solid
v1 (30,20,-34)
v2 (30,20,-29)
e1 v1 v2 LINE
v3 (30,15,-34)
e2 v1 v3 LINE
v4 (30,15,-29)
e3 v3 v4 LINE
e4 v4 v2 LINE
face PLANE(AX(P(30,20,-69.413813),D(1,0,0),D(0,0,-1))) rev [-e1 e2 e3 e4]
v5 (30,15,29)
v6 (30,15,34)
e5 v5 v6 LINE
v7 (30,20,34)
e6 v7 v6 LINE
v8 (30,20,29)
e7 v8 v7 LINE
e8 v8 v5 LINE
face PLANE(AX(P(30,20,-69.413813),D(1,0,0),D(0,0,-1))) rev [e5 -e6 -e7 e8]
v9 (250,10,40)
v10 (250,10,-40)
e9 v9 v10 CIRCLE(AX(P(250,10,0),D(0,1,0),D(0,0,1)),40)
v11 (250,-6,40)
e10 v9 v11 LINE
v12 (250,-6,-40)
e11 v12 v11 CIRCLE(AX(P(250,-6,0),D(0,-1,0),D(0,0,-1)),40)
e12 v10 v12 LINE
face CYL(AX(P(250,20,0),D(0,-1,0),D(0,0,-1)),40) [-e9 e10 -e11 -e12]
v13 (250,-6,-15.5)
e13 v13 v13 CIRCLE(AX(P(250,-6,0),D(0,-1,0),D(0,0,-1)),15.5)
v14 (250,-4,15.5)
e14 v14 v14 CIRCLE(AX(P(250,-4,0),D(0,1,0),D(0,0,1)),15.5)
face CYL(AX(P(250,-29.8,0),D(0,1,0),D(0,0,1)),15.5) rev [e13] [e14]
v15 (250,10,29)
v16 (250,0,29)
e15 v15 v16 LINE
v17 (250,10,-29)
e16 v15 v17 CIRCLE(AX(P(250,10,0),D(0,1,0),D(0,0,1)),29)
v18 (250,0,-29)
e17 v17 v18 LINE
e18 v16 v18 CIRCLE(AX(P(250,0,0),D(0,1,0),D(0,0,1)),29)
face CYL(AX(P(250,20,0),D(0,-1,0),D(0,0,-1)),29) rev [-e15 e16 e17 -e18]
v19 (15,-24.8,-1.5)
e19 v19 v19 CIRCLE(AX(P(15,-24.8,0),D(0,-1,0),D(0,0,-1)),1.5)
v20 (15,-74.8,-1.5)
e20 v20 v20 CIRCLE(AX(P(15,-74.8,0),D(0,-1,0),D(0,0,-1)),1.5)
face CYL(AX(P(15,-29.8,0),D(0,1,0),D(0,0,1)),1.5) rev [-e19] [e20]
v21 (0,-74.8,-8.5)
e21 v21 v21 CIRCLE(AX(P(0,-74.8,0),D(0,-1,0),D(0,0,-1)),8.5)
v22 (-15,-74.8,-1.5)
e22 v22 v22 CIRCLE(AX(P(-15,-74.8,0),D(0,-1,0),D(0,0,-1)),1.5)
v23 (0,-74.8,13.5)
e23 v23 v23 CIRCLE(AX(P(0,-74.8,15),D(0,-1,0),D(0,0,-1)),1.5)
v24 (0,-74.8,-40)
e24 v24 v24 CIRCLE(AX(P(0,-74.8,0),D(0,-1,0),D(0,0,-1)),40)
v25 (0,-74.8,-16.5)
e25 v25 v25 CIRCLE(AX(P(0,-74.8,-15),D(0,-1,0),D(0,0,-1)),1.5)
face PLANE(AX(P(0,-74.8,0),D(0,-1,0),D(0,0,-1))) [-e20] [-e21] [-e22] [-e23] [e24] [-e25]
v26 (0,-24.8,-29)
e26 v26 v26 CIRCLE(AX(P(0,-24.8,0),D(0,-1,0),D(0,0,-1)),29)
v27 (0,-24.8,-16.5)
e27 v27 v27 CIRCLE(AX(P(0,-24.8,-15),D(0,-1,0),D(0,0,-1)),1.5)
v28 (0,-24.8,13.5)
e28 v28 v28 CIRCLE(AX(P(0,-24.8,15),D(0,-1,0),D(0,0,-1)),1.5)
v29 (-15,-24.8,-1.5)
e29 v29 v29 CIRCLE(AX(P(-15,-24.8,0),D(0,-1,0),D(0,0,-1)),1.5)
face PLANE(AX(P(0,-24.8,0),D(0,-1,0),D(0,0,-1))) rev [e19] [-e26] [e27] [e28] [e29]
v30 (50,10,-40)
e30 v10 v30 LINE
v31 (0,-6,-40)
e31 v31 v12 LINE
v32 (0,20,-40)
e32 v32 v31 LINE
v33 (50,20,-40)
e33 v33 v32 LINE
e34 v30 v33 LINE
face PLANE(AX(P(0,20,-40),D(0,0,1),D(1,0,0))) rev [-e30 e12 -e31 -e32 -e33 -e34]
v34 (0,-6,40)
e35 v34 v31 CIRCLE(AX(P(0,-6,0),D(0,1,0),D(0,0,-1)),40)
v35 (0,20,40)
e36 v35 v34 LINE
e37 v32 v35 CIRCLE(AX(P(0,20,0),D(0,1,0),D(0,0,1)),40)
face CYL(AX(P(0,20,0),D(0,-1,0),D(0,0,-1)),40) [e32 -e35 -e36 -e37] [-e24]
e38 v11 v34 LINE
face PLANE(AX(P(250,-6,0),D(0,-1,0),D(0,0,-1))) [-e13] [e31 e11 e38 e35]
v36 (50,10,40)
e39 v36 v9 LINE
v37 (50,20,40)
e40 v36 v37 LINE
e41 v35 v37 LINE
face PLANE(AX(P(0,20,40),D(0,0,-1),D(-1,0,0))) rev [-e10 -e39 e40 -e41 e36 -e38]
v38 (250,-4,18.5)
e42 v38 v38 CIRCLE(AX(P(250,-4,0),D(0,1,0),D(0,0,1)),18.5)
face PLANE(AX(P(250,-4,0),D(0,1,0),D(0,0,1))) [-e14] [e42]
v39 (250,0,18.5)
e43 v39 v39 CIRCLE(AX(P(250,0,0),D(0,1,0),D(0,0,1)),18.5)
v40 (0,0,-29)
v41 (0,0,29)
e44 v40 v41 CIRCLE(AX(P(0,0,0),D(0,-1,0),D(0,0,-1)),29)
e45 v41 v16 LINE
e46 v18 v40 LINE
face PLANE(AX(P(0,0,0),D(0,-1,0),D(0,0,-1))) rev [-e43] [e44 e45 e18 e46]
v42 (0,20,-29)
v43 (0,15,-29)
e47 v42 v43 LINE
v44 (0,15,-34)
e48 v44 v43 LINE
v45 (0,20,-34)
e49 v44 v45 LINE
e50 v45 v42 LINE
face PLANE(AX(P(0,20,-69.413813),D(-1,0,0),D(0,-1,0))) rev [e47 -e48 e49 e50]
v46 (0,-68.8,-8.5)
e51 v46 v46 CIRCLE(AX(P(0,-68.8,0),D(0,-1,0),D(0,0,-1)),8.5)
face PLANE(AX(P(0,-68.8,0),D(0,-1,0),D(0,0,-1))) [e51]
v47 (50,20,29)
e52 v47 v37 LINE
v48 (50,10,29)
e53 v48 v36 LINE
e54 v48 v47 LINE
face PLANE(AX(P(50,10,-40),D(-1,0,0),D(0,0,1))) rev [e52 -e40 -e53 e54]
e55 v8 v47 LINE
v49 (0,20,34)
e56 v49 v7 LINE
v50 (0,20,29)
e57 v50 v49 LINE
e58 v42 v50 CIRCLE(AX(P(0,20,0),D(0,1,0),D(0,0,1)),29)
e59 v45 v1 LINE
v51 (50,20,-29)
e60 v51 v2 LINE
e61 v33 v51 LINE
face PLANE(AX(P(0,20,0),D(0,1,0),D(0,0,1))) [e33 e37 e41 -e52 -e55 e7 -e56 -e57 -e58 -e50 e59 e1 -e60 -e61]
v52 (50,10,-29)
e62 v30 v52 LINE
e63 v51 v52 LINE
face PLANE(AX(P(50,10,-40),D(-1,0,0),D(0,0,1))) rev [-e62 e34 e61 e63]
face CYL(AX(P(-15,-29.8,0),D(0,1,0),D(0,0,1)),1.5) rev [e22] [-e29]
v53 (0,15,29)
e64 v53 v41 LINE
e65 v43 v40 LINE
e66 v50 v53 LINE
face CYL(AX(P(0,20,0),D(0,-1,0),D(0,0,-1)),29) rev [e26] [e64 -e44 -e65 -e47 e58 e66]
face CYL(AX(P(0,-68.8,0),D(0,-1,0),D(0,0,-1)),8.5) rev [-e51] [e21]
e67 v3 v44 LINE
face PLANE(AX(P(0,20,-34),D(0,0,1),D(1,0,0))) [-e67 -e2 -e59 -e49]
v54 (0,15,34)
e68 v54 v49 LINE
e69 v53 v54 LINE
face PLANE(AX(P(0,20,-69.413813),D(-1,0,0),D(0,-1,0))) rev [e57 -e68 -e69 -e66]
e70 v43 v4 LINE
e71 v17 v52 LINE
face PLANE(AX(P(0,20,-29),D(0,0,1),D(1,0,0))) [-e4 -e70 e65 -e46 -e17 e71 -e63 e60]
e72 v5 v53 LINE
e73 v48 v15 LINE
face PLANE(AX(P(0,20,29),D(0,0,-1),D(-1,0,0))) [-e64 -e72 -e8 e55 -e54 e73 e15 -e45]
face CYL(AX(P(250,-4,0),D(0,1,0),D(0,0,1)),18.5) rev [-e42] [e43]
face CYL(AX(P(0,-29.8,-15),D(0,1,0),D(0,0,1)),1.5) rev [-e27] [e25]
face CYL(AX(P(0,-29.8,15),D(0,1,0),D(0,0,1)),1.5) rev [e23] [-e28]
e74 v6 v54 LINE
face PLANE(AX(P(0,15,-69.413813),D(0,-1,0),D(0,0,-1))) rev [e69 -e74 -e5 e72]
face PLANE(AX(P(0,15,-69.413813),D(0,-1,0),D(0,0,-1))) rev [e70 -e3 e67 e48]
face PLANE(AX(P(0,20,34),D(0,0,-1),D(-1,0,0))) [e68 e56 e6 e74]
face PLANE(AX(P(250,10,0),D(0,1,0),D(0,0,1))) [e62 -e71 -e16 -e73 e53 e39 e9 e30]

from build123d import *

# Parameters (mm, degrees)
BOSS_EXTRUDE1_DEPTH     = 20
SKETCH2_R               = 40
SKETCH2_R_2             = 29
BOSS_EXTRUDE2_DEPTH     = 24.8
SKETCH3_R               = 40
BOSS_EXTRUDE3_DEPTH     = 5
BOSS_EXTRUDE4_DEPTH     = 6
SKETCH5_R               = 1.5
CUT_EXTRUDE1_DEPTH      = 45.8
CUT_EXTRUDE1_DEPTH_BACK = 6
SKETCH6_W               = 30
SKETCH6_H               = 5
CUT_EXTRUDE2_DEPTH      = 34
CUT_EXTRUDE2_DEPTH_BACK = 34
SKETCH7_R               = 18.5
SKETCH7_R_2             = 15.5
CUT_EXTRUDE3_DEPTH      = 4
SKETCH7_2_R             = 15.5
CUT_EXTRUDE4_DEPTH      = 21
CUT_EXTRUDE4_DEPTH_BACK = 30.8
CUT_EXTRUDE5_DEPTH      = 10
SKETCH10_R              = 40
SKETCH10_R_2            = 1.5
BOSS_EXTRUDE5_DEPTH     = 45
SKETCH11_R              = 8.5
CUT_EXTRUDE6_DEPTH      = 6


with BuildPart() as part:
    # Sketch1 → Boss-Extrude1 (new body)
    with BuildSketch(Plane(origin=(0, 0, 0), x_dir=(1, 0, 0), z_dir=(0, 1, 0))):
        with BuildLine():
            Line((0, -40), (250, -40))
            ThreePointArc((250, -40), (290, 0), (250, 40))
            Line((250, 40), (0, 40))
            ThreePointArc((0, 40), (-40, 0), (0, -40))
        make_face()
        with BuildLine():
            Line((0, 29), (250, 29))
            ThreePointArc((250, 29), (279, 0), (250, -29))
            Line((250, -29), (0, -29))
            ThreePointArc((0, -29), (-29, 0), (0, 29))
        make_face(mode=Mode.SUBTRACT)
    extrude(amount=BOSS_EXTRUDE1_DEPTH)

    # Sketch2 → Boss-Extrude2 (add)
    with BuildSketch(Plane.XZ):
        Circle(SKETCH2_R)
        Circle(SKETCH2_R_2, mode=Mode.SUBTRACT)
    extrude(amount=BOSS_EXTRUDE2_DEPTH)

    # Sketch3 → Boss-Extrude3 (add)
    with BuildSketch(Plane.XZ.offset(24.8)):
        Circle(SKETCH3_R)
    extrude(amount=BOSS_EXTRUDE3_DEPTH)

    # Sketch4 → Boss-Extrude4 (add)
    with BuildSketch(Plane.XZ):
        with BuildLine():
            Line((250, -40), (0, -40))
            ThreePointArc((0, -40), (14.832396974, -37.148351242), (27.549954628, -29))
            ThreePointArc((27.549954628, -29), (40, 0), (27.549954628, 29))
            ThreePointArc((27.549954628, 29), (14.832396974, 37.148351242), (0, 40))
            Line((0, 40), (250, 40))
            ThreePointArc((250, 40), (290, 0), (250, -40))
        make_face()
    extrude(amount=BOSS_EXTRUDE4_DEPTH)

    # Sketch5 → Cut-Extrude1 (cut, two sides)
    with BuildSketch(Plane(origin=(0, -24.8, 0), x_dir=(1, 0, 0), z_dir=(0, 1, 0))) as cut_extrude1_sk:
        with Locations((0, 15)):
            Circle(SKETCH5_R)
        with Locations((15, 0)):
            Circle(SKETCH5_R)
        with Locations((0, -15)):
            Circle(SKETCH5_R)
        with Locations((-15, 0)):
            Circle(SKETCH5_R)
    extrude(amount=CUT_EXTRUDE1_DEPTH, mode=Mode.SUBTRACT)
    extrude(cut_extrude1_sk.sketch, amount=-CUT_EXTRUDE1_DEPTH_BACK, mode=Mode.SUBTRACT)

    # Sketch6 → Cut-Extrude2 (cut, two sides)
    with BuildSketch(Plane.XY) as cut_extrude2_sk:
        with Locations((15, 17.5)):
            Rectangle(SKETCH6_W, SKETCH6_H)
    extrude(amount=CUT_EXTRUDE2_DEPTH, mode=Mode.SUBTRACT)
    extrude(cut_extrude2_sk.sketch, amount=-CUT_EXTRUDE2_DEPTH_BACK, mode=Mode.SUBTRACT)

    # Sketch7 → Cut-Extrude3 (cut)
    with BuildSketch(Plane(origin=(0, 0, 0), x_dir=(1, 0, 0), z_dir=(0, 1, 0))):
        with Locations((250, 0)):
            Circle(SKETCH7_R)
        with Locations((250, 0)):
            Circle(SKETCH7_R_2, mode=Mode.SUBTRACT)
    extrude(amount=-CUT_EXTRUDE3_DEPTH, mode=Mode.SUBTRACT)

    # Sketch7<2> → Cut-Extrude4 (cut, two sides)
    with BuildSketch(Plane(origin=(0, 0, 0), x_dir=(1, 0, 0), z_dir=(0, 1, 0))) as cut_extrude4_sk:
        with Locations((250, 0)):
            Circle(SKETCH7_2_R)
    extrude(amount=CUT_EXTRUDE4_DEPTH, mode=Mode.SUBTRACT)
    extrude(cut_extrude4_sk.sketch, amount=-CUT_EXTRUDE4_DEPTH_BACK, mode=Mode.SUBTRACT)

    # Sketch9 → Cut-Extrude5 (cut)
    with BuildSketch(Plane(origin=(0, 20, 0), x_dir=(1, 0, 0), z_dir=(0, 1, 0))):
        with BuildLine():
            Line((50, -40), (250, -40))
            ThreePointArc((250, -40), (290, 0), (250, 40))
            Line((250, 40), (50, 40))
            Line((50, 40), (50, -40))
        make_face()
    extrude(amount=-CUT_EXTRUDE5_DEPTH, mode=Mode.SUBTRACT)

    # Sketch10 → Boss-Extrude5 (add)
    with BuildSketch(Plane.XZ.offset(29.8)):
        Circle(SKETCH10_R)
        with Locations((-15, 0)):
            Circle(SKETCH10_R_2, mode=Mode.SUBTRACT)
        with Locations((0, -15)):
            Circle(SKETCH10_R_2, mode=Mode.SUBTRACT)
        with Locations((15, 0)):
            Circle(SKETCH10_R_2, mode=Mode.SUBTRACT)
        with Locations((0, 15)):
            Circle(SKETCH10_R_2, mode=Mode.SUBTRACT)
    extrude(amount=BOSS_EXTRUDE5_DEPTH)

    # Sketch11 → Cut-Extrude6 (cut)
    with BuildSketch(Plane.XZ.offset(74.8)):
        Circle(SKETCH11_R)
    extrude(amount=-CUT_EXTRUDE6_DEPTH, mode=Mode.SUBTRACT)


solid = part.part
